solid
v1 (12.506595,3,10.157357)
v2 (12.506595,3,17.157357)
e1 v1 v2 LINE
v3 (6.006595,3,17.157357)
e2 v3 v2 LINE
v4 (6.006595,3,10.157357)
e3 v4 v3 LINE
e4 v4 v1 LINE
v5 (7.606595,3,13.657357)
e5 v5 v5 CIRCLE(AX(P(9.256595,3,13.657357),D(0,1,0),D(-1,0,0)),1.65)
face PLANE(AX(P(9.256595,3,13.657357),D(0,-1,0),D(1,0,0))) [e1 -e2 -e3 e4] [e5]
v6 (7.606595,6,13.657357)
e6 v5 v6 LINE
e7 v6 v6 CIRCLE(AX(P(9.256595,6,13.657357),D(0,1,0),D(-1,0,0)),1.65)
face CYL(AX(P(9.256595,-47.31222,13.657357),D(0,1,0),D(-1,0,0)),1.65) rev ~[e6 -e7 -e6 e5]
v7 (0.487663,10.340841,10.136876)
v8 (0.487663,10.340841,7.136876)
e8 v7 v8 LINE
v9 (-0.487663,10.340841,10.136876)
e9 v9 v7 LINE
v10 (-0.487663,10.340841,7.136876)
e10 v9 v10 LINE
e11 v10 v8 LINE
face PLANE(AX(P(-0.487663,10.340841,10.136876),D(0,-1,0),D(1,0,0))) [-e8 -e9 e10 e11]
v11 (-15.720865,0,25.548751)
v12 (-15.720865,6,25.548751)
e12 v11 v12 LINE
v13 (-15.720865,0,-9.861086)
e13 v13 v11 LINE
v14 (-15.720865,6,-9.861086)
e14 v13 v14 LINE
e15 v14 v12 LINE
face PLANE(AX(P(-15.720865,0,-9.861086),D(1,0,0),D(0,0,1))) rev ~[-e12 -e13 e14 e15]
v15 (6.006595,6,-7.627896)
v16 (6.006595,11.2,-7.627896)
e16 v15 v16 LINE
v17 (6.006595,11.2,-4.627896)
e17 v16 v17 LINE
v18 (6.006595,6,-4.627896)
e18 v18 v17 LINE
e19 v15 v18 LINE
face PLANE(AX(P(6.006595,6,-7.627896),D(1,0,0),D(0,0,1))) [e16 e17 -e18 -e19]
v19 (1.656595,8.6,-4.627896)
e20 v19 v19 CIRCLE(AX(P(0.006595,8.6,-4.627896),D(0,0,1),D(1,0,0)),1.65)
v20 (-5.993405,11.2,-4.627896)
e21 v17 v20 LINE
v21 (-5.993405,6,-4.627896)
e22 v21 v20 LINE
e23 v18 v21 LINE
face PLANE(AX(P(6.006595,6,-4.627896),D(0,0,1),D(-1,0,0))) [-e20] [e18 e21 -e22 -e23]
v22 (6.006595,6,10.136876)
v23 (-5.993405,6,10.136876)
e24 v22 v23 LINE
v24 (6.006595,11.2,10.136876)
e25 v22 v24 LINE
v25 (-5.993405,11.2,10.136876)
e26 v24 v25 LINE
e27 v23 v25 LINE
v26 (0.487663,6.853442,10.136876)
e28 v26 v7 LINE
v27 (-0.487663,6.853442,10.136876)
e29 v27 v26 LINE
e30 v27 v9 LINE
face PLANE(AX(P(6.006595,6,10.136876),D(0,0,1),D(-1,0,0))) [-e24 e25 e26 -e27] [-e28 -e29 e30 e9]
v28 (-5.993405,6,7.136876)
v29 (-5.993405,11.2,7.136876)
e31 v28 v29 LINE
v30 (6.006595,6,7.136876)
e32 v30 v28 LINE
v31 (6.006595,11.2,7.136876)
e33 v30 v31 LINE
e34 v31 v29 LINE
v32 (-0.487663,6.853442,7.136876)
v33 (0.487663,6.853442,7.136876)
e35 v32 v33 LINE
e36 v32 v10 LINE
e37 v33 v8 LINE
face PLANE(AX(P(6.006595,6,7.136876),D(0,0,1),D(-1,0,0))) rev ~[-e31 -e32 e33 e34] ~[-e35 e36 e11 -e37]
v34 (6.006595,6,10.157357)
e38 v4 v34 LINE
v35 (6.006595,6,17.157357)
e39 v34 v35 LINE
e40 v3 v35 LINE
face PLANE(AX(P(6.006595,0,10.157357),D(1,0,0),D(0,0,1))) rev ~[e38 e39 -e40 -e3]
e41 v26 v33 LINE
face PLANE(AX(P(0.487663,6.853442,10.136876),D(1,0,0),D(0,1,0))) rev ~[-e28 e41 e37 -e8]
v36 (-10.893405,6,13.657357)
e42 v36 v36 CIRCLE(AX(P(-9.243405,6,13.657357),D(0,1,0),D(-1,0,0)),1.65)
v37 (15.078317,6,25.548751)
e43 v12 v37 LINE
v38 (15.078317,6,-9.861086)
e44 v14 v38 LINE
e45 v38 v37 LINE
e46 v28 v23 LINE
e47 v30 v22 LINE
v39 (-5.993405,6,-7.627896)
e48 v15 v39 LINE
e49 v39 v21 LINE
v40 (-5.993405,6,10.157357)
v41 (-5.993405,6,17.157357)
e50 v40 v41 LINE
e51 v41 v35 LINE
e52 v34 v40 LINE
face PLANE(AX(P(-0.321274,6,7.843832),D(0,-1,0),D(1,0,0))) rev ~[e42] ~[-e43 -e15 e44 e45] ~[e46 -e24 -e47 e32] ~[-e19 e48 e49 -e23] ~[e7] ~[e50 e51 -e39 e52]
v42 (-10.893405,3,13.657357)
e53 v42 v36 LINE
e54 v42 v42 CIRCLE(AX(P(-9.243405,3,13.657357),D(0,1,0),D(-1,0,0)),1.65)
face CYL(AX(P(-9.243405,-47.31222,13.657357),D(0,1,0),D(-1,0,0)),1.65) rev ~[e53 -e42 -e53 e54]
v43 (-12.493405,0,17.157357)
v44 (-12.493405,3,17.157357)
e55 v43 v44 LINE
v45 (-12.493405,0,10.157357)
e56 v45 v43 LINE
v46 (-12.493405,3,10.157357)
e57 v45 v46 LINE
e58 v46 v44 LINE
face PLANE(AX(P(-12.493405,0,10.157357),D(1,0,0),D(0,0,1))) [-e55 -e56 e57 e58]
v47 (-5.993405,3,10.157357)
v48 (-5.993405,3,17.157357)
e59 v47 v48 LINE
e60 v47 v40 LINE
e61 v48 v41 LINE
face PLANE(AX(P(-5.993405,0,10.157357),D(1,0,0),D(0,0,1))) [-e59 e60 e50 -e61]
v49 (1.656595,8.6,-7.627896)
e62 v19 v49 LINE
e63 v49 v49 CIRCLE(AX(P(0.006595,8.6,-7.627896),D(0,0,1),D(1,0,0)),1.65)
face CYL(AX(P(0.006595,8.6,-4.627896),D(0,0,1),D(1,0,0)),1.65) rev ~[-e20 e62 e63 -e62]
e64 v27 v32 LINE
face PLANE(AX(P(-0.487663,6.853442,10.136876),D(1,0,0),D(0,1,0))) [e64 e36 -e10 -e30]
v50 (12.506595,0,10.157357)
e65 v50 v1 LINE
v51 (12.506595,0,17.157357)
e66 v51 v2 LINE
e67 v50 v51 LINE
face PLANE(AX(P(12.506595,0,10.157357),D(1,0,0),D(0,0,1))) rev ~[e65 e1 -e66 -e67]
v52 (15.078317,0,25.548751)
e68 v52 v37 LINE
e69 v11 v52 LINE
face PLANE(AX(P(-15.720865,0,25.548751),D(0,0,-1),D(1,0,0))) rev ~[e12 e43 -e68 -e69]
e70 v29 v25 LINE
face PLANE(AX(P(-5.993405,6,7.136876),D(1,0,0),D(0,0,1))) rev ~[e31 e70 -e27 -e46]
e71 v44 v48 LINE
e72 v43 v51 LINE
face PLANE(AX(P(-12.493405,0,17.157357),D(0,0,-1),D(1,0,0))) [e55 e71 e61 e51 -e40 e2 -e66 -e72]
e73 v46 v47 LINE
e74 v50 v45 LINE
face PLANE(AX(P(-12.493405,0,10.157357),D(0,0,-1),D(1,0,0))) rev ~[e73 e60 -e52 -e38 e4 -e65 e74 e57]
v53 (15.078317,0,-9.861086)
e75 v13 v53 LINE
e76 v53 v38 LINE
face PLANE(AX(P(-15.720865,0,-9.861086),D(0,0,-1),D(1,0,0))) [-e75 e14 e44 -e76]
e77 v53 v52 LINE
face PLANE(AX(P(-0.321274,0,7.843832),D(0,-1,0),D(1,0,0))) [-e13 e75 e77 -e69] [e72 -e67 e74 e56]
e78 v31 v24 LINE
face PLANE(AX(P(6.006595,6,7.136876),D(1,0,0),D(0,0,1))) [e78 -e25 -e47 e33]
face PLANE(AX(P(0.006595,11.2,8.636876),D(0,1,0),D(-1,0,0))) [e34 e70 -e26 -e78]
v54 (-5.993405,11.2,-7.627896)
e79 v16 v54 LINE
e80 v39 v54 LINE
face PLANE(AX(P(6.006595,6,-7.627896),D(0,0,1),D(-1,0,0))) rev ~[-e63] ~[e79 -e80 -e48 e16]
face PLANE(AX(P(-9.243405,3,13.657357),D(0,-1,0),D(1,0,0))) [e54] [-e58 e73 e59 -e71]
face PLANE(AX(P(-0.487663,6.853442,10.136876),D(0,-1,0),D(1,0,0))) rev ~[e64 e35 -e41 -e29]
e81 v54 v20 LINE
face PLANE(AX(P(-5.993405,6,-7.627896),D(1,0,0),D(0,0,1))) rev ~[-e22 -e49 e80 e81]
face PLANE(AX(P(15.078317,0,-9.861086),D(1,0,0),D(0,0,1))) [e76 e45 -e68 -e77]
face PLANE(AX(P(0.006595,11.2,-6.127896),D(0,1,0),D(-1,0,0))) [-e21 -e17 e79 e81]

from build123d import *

# Parameters (mm, degrees)
F0_W     = 30.7991821319
F0_H     = 35.4098370299
F0_W_2   = 6.5
F0_H_2   = 7
F1_DEPTH = 6
F2_DEPTH = 3
F3_D     = 3.3
F4_W     = 12
F4_H     = 3
F5_DEPTH = 5.2
F6_W     = 0.9753258782
F6_H     = 3.4873990223
F7_DEPTH = 3
F9_D     = 3.3
F9_DEPTH = 5.2341906781


with BuildPart() as f1:
    # F0 (on Front) → F1 (new body)
    with BuildSketch(Plane.XZ):
        with Locations((-0.321273692, 7.8438320197)):
            Rectangle(F0_W, F0_H)
        Polygon((-12.4934045598, 17.1573571861), (-5.9934045598, 17.1573571861), (6.0065954402, 17.1573571861), (12.5065954402, 17.1573571861), (12.5065954402, 10.1573571861), (6.0065954402, 10.1573571861), (-5.9934045598, 10.1573571861), (-12.4934045598, 10.1573571861), align=None, mode=Mode.SUBTRACT)
        with Locations((-9.2434045598, 13.6573571861)):
            Rectangle(F0_W_2, F0_H_2)
        with Locations((9.2565954402, 13.6573571861)):
            Rectangle(F0_W_2, F0_H_2)
    extrude(amount=-F1_DEPTH)

    # F0 (on Front) → F2 (cut)
    with BuildSketch(Plane.XZ):
        with Locations((-9.2434045598, 13.6573571861)):
            Rectangle(F0_W_2, F0_H_2)
        with Locations((9.2565954402, 13.6573571861)):
            Rectangle(F0_W_2, F0_H_2)
    extrude(amount=-F2_DEPTH, mode=Mode.SUBTRACT)

    # F3 (through all)
    with Locations(Plane.XZ):
        with Locations((-9.2434045598, 13.6573571861), (9.2565954402, 13.6573571861)):
            Hole(F3_D / 2)

    # F4 (on face) → F5 (join)
    with BuildSketch(Plane(origin=(0, 6, 0), x_dir=(-1, 0, 0), z_dir=(0, 1, 0))):
        with Locations((-0.0065954402, -6.1278958172)):
            Rectangle(F4_W, F4_H)
        with Locations((-0.0065954402, 8.6368762217)):
            Rectangle(F4_W, F4_H)
    extrude(amount=F5_DEPTH)

    # F6 (on face) → F7 (cut, through all)
    with BuildSketch(Plane.XY.offset(10.1368762217)):
        with Locations((0, 8.5971419759)):
            Rectangle(F6_W, F6_H)
    extrude(amount=-F7_DEPTH, mode=Mode.SUBTRACT)

    # F9 (through all, one way)
    with BuildSketch(Plane.XY.offset(-4.6278958172)):
        with Locations((0.0065954402, 8.6)):
            Circle(F9_D / 2)
    extrude(amount=-F9_DEPTH, mode=Mode.SUBTRACT)


solid = f1.part
